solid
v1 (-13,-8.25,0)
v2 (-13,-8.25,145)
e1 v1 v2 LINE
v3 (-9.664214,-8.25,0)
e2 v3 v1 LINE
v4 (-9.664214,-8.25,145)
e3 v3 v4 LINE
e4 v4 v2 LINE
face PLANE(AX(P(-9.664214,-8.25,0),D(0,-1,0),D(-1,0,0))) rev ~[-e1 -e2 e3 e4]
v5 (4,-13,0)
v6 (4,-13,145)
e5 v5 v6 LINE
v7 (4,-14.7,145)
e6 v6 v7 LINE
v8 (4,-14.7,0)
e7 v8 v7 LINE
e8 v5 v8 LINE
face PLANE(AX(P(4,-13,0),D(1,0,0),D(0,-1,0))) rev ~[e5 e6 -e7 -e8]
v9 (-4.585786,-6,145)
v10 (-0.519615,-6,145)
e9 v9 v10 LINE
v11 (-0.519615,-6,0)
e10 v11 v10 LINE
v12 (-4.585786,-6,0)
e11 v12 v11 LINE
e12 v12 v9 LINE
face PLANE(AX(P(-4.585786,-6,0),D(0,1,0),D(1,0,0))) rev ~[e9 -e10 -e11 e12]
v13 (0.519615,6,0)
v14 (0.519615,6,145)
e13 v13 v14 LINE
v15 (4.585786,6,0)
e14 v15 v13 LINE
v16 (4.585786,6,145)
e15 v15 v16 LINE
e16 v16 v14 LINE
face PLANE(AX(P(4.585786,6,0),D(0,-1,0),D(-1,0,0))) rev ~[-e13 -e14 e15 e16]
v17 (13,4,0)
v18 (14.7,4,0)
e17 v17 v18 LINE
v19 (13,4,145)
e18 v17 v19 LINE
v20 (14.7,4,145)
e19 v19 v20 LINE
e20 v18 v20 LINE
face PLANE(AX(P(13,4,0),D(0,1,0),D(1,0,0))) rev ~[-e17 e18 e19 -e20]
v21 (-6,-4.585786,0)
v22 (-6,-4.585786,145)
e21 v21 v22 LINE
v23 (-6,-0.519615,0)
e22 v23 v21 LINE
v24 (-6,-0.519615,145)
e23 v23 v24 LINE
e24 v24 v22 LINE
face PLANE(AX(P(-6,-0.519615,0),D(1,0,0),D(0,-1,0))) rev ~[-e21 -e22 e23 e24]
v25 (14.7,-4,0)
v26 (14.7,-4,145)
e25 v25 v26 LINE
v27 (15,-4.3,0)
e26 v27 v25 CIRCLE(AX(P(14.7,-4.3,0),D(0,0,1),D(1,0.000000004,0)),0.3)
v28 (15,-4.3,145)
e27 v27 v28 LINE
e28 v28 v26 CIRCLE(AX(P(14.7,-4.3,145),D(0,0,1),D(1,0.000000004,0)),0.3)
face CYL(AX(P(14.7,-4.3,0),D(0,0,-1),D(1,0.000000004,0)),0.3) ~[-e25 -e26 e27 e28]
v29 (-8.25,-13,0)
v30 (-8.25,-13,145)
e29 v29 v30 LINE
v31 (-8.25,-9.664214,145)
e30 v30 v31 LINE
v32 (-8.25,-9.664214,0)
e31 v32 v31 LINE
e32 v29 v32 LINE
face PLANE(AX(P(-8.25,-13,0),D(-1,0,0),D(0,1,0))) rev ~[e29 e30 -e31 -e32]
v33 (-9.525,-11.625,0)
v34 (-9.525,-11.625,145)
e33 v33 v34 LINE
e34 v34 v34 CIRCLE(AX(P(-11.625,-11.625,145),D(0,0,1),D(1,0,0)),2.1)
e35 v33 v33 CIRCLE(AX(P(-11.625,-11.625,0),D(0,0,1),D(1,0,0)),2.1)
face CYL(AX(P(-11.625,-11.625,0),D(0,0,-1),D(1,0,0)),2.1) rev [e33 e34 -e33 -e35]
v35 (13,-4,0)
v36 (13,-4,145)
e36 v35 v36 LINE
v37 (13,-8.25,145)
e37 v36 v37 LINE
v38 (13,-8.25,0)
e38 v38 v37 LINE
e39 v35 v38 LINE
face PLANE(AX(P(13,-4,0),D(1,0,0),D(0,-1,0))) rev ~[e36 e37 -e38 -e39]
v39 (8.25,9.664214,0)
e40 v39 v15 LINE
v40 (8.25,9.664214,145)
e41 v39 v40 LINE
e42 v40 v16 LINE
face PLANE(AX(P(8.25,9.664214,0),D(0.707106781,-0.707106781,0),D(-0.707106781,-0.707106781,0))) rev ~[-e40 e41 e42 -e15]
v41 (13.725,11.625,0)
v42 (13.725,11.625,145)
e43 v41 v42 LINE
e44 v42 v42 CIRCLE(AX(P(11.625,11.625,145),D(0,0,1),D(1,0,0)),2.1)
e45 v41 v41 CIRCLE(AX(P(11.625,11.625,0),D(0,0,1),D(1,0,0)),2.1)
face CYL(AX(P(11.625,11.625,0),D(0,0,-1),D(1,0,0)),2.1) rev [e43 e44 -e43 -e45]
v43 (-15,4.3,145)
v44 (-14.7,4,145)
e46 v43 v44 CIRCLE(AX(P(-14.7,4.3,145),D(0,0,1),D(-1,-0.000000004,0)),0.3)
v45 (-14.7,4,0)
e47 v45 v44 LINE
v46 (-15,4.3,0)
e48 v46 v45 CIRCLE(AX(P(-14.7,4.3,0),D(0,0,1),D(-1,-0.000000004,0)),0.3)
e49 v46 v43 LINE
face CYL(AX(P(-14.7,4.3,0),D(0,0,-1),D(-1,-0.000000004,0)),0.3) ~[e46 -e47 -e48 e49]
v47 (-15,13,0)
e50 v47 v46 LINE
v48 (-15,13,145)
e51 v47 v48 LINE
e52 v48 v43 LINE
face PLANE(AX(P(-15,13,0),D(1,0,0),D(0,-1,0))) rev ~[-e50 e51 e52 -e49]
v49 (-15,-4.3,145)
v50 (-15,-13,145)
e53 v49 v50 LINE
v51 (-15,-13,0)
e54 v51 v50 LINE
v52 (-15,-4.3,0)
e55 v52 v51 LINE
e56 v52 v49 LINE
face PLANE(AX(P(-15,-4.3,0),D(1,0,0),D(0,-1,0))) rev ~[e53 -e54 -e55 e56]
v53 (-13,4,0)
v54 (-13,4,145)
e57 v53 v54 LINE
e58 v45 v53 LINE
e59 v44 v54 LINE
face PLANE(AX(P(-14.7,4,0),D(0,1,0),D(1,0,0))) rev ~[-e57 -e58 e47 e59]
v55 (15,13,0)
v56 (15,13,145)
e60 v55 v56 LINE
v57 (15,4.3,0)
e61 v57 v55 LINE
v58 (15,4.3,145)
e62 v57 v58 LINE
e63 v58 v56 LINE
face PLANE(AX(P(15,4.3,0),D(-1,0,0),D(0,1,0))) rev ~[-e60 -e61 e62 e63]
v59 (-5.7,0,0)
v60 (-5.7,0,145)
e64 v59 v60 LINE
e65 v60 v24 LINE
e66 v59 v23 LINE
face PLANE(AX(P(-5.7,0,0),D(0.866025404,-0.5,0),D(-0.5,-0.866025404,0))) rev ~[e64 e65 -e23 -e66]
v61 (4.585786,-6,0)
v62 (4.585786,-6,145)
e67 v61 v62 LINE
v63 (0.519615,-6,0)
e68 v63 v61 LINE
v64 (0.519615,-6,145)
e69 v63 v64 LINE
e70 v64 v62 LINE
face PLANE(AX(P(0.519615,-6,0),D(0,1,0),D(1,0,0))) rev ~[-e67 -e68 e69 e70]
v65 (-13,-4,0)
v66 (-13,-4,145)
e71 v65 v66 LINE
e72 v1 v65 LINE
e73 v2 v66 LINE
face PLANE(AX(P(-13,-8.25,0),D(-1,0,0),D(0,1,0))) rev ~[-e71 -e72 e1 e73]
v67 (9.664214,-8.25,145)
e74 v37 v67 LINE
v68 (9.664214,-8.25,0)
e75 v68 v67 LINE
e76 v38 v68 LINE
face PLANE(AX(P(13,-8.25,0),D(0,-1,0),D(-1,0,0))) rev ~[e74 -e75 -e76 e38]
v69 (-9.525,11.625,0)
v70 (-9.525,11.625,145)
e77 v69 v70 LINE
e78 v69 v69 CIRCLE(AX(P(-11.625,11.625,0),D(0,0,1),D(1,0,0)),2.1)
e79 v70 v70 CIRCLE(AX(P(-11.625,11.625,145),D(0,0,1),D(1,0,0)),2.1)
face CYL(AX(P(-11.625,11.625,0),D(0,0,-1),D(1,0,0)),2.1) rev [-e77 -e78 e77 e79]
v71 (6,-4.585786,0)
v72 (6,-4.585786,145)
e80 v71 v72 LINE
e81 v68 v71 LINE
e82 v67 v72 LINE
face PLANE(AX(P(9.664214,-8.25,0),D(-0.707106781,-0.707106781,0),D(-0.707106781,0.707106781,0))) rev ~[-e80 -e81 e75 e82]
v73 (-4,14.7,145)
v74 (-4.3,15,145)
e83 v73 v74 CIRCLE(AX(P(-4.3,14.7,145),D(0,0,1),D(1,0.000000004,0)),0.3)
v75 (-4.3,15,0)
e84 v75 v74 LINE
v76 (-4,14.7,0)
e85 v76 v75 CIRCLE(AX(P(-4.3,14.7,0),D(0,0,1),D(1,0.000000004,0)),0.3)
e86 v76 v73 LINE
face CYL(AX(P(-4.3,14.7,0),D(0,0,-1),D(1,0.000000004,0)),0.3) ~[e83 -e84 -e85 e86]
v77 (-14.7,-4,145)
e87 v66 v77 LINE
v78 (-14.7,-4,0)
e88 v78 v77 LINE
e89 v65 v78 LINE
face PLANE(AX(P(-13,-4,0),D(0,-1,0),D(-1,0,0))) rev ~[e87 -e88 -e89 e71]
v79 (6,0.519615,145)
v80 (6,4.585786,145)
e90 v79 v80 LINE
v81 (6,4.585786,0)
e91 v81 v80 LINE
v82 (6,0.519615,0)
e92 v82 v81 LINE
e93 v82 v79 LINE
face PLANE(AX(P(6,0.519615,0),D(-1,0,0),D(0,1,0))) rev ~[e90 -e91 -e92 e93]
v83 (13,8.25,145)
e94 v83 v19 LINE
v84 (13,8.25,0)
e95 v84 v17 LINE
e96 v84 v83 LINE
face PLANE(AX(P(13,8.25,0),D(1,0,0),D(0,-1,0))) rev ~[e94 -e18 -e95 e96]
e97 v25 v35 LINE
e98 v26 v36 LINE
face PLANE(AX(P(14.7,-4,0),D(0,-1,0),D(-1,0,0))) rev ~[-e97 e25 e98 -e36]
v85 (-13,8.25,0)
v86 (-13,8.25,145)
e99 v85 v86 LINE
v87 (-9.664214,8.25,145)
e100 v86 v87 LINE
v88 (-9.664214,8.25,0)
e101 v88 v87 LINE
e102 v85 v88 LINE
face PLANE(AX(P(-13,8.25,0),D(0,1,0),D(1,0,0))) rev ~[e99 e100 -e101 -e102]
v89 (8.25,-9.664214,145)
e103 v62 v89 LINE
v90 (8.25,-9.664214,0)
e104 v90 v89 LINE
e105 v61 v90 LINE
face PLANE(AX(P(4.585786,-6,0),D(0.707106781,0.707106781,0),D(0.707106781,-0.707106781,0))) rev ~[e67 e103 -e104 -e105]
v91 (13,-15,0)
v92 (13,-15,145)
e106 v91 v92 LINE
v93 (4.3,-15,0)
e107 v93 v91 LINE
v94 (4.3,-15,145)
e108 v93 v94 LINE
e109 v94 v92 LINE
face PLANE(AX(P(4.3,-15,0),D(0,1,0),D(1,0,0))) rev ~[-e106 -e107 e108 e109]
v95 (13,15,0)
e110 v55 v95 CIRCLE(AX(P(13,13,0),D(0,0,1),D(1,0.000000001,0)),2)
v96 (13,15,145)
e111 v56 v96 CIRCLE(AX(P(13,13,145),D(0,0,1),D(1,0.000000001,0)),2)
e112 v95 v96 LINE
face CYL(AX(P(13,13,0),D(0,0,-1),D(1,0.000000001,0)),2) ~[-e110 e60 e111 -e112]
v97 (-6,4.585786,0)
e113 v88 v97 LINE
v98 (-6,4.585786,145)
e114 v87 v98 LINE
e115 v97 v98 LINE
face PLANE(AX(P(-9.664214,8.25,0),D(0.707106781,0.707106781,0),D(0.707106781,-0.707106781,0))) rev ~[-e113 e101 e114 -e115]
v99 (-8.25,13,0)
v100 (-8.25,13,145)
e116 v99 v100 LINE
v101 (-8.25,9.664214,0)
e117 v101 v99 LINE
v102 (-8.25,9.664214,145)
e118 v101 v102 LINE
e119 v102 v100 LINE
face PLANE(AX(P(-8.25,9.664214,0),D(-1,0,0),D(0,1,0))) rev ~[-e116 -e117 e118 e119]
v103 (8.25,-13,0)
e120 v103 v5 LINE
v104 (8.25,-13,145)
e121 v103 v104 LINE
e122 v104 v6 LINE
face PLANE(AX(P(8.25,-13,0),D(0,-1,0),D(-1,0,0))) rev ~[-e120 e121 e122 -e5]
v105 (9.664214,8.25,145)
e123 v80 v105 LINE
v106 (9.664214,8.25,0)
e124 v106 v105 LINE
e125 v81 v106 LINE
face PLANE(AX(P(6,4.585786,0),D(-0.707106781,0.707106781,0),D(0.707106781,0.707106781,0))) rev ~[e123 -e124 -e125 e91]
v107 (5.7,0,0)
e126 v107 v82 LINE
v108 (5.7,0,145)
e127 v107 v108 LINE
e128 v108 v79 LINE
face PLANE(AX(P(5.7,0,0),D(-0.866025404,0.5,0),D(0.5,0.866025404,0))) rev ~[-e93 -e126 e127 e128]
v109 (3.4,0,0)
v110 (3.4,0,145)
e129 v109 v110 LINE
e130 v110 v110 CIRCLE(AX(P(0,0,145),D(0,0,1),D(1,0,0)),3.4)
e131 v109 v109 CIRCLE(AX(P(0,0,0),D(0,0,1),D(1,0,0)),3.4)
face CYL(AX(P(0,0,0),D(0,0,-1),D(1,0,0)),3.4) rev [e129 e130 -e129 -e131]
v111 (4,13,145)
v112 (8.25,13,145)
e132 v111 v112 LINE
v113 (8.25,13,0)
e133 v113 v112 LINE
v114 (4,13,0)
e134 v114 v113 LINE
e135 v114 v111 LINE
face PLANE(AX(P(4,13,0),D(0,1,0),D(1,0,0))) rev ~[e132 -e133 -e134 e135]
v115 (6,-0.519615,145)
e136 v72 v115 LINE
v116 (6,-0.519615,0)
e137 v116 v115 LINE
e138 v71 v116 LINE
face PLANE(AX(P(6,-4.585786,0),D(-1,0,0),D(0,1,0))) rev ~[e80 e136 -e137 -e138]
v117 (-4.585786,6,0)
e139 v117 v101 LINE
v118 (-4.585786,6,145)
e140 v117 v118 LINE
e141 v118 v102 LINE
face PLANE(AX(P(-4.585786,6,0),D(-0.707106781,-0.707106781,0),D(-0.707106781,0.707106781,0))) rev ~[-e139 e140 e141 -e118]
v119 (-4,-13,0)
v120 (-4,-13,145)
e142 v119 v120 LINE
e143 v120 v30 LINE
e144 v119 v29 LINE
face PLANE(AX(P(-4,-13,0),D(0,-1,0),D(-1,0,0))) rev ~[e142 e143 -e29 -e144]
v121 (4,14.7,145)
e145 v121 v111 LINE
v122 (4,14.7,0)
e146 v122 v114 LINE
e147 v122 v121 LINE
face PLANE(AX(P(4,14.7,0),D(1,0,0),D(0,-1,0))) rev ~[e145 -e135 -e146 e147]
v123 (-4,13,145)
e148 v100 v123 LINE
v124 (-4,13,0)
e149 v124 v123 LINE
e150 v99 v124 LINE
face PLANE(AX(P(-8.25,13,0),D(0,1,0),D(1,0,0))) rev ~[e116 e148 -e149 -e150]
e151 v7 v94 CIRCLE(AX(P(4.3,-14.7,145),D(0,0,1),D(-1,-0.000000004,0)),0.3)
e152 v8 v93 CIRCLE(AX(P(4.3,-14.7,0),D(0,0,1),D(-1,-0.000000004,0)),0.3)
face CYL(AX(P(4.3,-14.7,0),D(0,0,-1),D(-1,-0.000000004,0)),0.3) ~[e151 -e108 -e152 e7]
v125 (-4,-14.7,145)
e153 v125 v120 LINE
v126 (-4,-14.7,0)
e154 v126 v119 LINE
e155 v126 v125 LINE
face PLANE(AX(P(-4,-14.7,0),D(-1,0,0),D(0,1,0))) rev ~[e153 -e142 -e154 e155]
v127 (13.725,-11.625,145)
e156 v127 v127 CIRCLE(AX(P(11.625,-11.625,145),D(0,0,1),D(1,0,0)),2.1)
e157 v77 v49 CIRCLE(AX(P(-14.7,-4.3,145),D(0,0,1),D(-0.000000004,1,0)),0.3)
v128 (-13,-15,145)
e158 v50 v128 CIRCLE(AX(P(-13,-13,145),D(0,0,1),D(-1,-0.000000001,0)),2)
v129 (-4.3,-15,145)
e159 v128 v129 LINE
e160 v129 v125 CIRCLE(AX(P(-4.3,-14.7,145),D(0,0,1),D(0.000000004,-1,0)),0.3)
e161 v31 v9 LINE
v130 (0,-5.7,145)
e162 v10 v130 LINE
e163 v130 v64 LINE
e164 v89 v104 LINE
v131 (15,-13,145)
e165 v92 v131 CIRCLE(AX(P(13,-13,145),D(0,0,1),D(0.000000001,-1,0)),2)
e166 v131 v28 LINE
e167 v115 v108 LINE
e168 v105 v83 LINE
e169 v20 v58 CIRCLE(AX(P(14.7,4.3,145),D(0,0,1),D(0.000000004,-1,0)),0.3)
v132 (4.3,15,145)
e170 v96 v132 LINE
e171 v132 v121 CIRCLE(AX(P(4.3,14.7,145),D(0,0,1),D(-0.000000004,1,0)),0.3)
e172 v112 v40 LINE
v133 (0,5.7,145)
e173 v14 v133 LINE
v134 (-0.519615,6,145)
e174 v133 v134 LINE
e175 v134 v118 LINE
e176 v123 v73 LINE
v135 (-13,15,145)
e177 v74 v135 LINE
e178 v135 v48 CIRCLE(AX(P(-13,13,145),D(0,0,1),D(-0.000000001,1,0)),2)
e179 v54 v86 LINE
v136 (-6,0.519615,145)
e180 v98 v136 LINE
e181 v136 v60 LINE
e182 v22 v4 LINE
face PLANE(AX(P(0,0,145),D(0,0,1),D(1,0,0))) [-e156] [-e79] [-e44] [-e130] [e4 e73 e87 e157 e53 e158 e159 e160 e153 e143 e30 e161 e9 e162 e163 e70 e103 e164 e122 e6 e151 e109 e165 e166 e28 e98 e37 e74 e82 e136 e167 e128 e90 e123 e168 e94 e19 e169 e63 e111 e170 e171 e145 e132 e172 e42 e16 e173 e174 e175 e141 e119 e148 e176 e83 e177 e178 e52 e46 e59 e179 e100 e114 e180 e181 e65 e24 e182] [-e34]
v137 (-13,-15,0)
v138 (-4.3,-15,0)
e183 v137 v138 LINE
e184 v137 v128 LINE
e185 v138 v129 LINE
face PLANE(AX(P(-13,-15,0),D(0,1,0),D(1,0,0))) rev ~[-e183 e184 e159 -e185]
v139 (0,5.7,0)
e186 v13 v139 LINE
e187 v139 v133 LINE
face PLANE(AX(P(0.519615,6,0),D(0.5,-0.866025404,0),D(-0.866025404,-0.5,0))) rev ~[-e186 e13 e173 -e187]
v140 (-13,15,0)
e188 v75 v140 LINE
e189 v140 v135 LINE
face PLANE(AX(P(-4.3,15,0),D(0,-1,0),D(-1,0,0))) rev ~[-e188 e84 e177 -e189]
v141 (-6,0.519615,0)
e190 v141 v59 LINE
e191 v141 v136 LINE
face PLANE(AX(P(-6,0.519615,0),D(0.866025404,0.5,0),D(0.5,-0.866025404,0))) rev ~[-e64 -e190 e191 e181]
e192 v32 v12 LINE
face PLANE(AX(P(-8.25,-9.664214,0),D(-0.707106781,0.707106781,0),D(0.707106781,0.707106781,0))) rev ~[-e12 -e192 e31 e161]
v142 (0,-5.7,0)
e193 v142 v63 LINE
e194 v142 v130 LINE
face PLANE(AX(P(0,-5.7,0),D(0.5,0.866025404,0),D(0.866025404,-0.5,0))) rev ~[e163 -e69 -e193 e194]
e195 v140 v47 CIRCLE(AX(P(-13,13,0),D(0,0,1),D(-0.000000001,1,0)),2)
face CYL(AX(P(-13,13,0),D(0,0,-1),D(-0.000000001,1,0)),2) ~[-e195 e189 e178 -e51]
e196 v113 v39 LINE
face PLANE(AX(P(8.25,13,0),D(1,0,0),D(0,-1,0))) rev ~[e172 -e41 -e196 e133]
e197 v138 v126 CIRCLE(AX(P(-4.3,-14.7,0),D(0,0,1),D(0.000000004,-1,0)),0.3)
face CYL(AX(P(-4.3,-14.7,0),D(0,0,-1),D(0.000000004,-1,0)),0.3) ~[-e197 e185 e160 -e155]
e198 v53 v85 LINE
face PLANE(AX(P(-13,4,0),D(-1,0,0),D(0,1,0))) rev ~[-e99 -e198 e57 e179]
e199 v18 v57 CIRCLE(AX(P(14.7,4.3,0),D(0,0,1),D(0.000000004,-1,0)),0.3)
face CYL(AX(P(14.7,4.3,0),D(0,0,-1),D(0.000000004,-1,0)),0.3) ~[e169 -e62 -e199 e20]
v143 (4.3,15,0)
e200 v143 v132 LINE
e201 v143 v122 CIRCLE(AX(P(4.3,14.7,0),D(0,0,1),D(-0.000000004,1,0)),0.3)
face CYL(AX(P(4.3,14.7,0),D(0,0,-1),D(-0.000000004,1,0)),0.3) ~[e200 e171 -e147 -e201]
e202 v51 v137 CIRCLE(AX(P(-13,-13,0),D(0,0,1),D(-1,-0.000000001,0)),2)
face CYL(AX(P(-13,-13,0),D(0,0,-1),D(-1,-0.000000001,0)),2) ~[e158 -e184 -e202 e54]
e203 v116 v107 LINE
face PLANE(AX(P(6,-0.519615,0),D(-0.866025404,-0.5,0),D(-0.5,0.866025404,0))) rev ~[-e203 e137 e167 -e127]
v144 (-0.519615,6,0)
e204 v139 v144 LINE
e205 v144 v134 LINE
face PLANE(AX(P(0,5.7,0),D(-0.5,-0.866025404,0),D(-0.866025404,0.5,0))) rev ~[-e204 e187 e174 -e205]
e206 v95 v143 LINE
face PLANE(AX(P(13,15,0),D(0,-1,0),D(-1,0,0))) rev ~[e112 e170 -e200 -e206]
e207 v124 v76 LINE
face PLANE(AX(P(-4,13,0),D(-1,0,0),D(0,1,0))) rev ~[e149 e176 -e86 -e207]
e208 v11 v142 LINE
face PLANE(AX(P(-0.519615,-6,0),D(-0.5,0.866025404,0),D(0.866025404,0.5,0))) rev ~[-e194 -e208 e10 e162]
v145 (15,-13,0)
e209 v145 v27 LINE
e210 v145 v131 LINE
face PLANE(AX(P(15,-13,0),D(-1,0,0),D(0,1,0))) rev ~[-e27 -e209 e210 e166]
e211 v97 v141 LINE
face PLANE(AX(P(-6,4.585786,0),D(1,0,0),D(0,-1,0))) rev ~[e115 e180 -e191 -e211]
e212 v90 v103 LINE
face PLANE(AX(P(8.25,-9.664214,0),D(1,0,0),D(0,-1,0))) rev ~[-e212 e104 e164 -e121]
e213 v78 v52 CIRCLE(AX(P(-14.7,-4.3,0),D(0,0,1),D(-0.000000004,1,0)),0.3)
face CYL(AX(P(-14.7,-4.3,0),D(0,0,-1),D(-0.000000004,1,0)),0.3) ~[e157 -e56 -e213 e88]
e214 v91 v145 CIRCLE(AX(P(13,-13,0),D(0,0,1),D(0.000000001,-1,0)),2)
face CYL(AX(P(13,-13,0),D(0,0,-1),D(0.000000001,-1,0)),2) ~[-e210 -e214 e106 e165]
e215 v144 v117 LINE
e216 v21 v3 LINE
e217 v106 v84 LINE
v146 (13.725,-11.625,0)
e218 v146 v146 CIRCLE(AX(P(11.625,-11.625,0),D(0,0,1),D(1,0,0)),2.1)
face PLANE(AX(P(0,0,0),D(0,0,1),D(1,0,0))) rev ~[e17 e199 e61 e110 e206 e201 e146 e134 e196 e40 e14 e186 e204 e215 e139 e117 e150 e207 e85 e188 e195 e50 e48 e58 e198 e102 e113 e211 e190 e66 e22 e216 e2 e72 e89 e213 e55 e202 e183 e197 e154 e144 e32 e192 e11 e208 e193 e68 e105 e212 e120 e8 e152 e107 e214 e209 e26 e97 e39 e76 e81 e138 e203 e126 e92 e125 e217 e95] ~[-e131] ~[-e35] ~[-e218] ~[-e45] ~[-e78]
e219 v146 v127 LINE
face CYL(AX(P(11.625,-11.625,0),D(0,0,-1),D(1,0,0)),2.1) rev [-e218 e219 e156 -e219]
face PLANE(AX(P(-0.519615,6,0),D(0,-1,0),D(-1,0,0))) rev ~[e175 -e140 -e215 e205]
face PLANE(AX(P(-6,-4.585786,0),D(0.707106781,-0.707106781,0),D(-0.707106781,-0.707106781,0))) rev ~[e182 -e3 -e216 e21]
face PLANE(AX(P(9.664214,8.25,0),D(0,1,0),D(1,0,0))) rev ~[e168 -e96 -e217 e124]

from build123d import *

# Parameters (mm, degrees)
SKETCH1_R           = 2.1
SKETCH1_R_2         = 3.4
BOSS_EXTRUDE1_DEPTH = 145


with BuildPart() as part:
    # Sketch1 → Boss-Extrude1 (new body)
    with BuildSketch(Plane.XY):
        with BuildLine():
            Line((-14.7, 4), (-13, 4))
            Line((-13, 4), (-13, 8.25))
            Line((-13, 8.25), (-9.664213562, 8.25))
            Line((-9.664213562, 8.25), (-6, 4.585786438))
            Line((-6, 4.585786438), (-6, 0.519615242))
            Line((-6, 0.519615242), (-5.7, 0))
            Line((-5.7, 0), (-6, -0.519615242))
            Line((-6, -0.519615242), (-6, -4.585786438))
            Line((-6, -4.585786438), (-9.664213562, -8.25))
            Line((-9.664213562, -8.25), (-13, -8.25))
            Line((-13, -8.25), (-13, -4))
            Line((-13, -4), (-14.7, -4))
            ThreePointArc((-14.7, -4), (-14.912132034, -4.087867966), (-15, -4.3))
            Line((-15, -4.3), (-15, -13))
            ThreePointArc((-15, -13), (-14.414213562, -14.414213562), (-13, -15))
            Line((-13, -15), (-4.3, -15))
            ThreePointArc((-4.3, -15), (-4.087867966, -14.912132034), (-4, -14.7))
            Line((-4, -14.7), (-4, -13))
            Line((-4, -13), (-8.25, -13))
            Line((-8.25, -13), (-8.25, -9.664213562))
            Line((-8.25, -9.664213562), (-4.585786438, -6))
            Line((-4.585786438, -6), (-0.519615242, -6))
            Line((-0.519615242, -6), (0, -5.7))
            Line((0, -5.7), (0.519615242, -6))
            Line((0.519615242, -6), (4.585786438, -6))
            Line((4.585786438, -6), (8.25, -9.664213562))
            Line((8.25, -9.664213562), (8.25, -13))
            Line((8.25, -13), (4, -13))
            Line((4, -13), (4, -14.7))
            ThreePointArc((4, -14.7), (4.087867966, -14.912132034), (4.3, -15))
            Line((4.3, -15), (13, -15))
            ThreePointArc((13, -15), (14.414213562, -14.414213562), (15, -13))
            Line((15, -13), (15, -4.3))
            ThreePointArc((15, -4.3), (14.912132034, -4.087867966), (14.7, -4))
            Line((14.7, -4), (13, -4))
            Line((13, -4), (13, -8.25))
            Line((13, -8.25), (9.664213562, -8.25))
            Line((9.664213562, -8.25), (6, -4.585786438))
            Line((6, -4.585786438), (6, -0.519615242))
            Line((6, -0.519615242), (5.7, 0))
            Line((5.7, 0), (6, 0.519615242))
            Line((6, 0.519615242), (6, 4.585786438))
            Line((6, 4.585786438), (9.664213562, 8.25))
            Line((9.664213562, 8.25), (13, 8.25))
            Line((13, 8.25), (13, 4))
            Line((13, 4), (14.7, 4))
            ThreePointArc((14.7, 4), (14.912132034, 4.087867966), (15, 4.3))
            Line((15, 4.3), (15, 13))
            ThreePointArc((15, 13), (14.414213562, 14.414213562), (13, 15))
            Line((13, 15), (4.3, 15))
            ThreePointArc((4.3, 15), (4.087867966, 14.912132034), (4, 14.7))
            Line((4, 14.7), (4, 13))
            Line((4, 13), (8.25, 13))
            Line((8.25, 13), (8.25, 9.664213562))
            Line((8.25, 9.664213562), (4.585786438, 6))
            Line((4.585786438, 6), (0.519615242, 6))
            Line((0.519615242, 6), (0, 5.7))
            Line((0, 5.7), (-0.519615242, 6))
            Line((-0.519615242, 6), (-4.585786438, 6))
            Line((-4.585786438, 6), (-8.25, 9.664213562))
            Line((-8.25, 9.664213562), (-8.25, 13))
            Line((-8.25, 13), (-4, 13))
            Line((-4, 13), (-4, 14.7))
            ThreePointArc((-4, 14.7), (-4.087867966, 14.912132034), (-4.3, 15))
            Line((-4.3, 15), (-13, 15))
            ThreePointArc((-13, 15), (-14.414213562, 14.414213562), (-15, 13))
            Line((-15, 13), (-15, 4.3))
            ThreePointArc((-15, 4.3), (-14.912132034, 4.087867966), (-14.7, 4))
        make_face()
        with Locations((11.625, 11.625)):
            Circle(SKETCH1_R, mode=Mode.SUBTRACT)
        with Locations((11.625, -11.625)):
            Circle(SKETCH1_R, mode=Mode.SUBTRACT)
        Circle(SKETCH1_R_2, mode=Mode.SUBTRACT)
        with Locations((-11.625, -11.625)):
            Circle(SKETCH1_R, mode=Mode.SUBTRACT)
        with Locations((-11.625, 11.625)):
            Circle(SKETCH1_R, mode=Mode.SUBTRACT)
    extrude(amount=BOSS_EXTRUDE1_DEPTH)


solid = part.part
